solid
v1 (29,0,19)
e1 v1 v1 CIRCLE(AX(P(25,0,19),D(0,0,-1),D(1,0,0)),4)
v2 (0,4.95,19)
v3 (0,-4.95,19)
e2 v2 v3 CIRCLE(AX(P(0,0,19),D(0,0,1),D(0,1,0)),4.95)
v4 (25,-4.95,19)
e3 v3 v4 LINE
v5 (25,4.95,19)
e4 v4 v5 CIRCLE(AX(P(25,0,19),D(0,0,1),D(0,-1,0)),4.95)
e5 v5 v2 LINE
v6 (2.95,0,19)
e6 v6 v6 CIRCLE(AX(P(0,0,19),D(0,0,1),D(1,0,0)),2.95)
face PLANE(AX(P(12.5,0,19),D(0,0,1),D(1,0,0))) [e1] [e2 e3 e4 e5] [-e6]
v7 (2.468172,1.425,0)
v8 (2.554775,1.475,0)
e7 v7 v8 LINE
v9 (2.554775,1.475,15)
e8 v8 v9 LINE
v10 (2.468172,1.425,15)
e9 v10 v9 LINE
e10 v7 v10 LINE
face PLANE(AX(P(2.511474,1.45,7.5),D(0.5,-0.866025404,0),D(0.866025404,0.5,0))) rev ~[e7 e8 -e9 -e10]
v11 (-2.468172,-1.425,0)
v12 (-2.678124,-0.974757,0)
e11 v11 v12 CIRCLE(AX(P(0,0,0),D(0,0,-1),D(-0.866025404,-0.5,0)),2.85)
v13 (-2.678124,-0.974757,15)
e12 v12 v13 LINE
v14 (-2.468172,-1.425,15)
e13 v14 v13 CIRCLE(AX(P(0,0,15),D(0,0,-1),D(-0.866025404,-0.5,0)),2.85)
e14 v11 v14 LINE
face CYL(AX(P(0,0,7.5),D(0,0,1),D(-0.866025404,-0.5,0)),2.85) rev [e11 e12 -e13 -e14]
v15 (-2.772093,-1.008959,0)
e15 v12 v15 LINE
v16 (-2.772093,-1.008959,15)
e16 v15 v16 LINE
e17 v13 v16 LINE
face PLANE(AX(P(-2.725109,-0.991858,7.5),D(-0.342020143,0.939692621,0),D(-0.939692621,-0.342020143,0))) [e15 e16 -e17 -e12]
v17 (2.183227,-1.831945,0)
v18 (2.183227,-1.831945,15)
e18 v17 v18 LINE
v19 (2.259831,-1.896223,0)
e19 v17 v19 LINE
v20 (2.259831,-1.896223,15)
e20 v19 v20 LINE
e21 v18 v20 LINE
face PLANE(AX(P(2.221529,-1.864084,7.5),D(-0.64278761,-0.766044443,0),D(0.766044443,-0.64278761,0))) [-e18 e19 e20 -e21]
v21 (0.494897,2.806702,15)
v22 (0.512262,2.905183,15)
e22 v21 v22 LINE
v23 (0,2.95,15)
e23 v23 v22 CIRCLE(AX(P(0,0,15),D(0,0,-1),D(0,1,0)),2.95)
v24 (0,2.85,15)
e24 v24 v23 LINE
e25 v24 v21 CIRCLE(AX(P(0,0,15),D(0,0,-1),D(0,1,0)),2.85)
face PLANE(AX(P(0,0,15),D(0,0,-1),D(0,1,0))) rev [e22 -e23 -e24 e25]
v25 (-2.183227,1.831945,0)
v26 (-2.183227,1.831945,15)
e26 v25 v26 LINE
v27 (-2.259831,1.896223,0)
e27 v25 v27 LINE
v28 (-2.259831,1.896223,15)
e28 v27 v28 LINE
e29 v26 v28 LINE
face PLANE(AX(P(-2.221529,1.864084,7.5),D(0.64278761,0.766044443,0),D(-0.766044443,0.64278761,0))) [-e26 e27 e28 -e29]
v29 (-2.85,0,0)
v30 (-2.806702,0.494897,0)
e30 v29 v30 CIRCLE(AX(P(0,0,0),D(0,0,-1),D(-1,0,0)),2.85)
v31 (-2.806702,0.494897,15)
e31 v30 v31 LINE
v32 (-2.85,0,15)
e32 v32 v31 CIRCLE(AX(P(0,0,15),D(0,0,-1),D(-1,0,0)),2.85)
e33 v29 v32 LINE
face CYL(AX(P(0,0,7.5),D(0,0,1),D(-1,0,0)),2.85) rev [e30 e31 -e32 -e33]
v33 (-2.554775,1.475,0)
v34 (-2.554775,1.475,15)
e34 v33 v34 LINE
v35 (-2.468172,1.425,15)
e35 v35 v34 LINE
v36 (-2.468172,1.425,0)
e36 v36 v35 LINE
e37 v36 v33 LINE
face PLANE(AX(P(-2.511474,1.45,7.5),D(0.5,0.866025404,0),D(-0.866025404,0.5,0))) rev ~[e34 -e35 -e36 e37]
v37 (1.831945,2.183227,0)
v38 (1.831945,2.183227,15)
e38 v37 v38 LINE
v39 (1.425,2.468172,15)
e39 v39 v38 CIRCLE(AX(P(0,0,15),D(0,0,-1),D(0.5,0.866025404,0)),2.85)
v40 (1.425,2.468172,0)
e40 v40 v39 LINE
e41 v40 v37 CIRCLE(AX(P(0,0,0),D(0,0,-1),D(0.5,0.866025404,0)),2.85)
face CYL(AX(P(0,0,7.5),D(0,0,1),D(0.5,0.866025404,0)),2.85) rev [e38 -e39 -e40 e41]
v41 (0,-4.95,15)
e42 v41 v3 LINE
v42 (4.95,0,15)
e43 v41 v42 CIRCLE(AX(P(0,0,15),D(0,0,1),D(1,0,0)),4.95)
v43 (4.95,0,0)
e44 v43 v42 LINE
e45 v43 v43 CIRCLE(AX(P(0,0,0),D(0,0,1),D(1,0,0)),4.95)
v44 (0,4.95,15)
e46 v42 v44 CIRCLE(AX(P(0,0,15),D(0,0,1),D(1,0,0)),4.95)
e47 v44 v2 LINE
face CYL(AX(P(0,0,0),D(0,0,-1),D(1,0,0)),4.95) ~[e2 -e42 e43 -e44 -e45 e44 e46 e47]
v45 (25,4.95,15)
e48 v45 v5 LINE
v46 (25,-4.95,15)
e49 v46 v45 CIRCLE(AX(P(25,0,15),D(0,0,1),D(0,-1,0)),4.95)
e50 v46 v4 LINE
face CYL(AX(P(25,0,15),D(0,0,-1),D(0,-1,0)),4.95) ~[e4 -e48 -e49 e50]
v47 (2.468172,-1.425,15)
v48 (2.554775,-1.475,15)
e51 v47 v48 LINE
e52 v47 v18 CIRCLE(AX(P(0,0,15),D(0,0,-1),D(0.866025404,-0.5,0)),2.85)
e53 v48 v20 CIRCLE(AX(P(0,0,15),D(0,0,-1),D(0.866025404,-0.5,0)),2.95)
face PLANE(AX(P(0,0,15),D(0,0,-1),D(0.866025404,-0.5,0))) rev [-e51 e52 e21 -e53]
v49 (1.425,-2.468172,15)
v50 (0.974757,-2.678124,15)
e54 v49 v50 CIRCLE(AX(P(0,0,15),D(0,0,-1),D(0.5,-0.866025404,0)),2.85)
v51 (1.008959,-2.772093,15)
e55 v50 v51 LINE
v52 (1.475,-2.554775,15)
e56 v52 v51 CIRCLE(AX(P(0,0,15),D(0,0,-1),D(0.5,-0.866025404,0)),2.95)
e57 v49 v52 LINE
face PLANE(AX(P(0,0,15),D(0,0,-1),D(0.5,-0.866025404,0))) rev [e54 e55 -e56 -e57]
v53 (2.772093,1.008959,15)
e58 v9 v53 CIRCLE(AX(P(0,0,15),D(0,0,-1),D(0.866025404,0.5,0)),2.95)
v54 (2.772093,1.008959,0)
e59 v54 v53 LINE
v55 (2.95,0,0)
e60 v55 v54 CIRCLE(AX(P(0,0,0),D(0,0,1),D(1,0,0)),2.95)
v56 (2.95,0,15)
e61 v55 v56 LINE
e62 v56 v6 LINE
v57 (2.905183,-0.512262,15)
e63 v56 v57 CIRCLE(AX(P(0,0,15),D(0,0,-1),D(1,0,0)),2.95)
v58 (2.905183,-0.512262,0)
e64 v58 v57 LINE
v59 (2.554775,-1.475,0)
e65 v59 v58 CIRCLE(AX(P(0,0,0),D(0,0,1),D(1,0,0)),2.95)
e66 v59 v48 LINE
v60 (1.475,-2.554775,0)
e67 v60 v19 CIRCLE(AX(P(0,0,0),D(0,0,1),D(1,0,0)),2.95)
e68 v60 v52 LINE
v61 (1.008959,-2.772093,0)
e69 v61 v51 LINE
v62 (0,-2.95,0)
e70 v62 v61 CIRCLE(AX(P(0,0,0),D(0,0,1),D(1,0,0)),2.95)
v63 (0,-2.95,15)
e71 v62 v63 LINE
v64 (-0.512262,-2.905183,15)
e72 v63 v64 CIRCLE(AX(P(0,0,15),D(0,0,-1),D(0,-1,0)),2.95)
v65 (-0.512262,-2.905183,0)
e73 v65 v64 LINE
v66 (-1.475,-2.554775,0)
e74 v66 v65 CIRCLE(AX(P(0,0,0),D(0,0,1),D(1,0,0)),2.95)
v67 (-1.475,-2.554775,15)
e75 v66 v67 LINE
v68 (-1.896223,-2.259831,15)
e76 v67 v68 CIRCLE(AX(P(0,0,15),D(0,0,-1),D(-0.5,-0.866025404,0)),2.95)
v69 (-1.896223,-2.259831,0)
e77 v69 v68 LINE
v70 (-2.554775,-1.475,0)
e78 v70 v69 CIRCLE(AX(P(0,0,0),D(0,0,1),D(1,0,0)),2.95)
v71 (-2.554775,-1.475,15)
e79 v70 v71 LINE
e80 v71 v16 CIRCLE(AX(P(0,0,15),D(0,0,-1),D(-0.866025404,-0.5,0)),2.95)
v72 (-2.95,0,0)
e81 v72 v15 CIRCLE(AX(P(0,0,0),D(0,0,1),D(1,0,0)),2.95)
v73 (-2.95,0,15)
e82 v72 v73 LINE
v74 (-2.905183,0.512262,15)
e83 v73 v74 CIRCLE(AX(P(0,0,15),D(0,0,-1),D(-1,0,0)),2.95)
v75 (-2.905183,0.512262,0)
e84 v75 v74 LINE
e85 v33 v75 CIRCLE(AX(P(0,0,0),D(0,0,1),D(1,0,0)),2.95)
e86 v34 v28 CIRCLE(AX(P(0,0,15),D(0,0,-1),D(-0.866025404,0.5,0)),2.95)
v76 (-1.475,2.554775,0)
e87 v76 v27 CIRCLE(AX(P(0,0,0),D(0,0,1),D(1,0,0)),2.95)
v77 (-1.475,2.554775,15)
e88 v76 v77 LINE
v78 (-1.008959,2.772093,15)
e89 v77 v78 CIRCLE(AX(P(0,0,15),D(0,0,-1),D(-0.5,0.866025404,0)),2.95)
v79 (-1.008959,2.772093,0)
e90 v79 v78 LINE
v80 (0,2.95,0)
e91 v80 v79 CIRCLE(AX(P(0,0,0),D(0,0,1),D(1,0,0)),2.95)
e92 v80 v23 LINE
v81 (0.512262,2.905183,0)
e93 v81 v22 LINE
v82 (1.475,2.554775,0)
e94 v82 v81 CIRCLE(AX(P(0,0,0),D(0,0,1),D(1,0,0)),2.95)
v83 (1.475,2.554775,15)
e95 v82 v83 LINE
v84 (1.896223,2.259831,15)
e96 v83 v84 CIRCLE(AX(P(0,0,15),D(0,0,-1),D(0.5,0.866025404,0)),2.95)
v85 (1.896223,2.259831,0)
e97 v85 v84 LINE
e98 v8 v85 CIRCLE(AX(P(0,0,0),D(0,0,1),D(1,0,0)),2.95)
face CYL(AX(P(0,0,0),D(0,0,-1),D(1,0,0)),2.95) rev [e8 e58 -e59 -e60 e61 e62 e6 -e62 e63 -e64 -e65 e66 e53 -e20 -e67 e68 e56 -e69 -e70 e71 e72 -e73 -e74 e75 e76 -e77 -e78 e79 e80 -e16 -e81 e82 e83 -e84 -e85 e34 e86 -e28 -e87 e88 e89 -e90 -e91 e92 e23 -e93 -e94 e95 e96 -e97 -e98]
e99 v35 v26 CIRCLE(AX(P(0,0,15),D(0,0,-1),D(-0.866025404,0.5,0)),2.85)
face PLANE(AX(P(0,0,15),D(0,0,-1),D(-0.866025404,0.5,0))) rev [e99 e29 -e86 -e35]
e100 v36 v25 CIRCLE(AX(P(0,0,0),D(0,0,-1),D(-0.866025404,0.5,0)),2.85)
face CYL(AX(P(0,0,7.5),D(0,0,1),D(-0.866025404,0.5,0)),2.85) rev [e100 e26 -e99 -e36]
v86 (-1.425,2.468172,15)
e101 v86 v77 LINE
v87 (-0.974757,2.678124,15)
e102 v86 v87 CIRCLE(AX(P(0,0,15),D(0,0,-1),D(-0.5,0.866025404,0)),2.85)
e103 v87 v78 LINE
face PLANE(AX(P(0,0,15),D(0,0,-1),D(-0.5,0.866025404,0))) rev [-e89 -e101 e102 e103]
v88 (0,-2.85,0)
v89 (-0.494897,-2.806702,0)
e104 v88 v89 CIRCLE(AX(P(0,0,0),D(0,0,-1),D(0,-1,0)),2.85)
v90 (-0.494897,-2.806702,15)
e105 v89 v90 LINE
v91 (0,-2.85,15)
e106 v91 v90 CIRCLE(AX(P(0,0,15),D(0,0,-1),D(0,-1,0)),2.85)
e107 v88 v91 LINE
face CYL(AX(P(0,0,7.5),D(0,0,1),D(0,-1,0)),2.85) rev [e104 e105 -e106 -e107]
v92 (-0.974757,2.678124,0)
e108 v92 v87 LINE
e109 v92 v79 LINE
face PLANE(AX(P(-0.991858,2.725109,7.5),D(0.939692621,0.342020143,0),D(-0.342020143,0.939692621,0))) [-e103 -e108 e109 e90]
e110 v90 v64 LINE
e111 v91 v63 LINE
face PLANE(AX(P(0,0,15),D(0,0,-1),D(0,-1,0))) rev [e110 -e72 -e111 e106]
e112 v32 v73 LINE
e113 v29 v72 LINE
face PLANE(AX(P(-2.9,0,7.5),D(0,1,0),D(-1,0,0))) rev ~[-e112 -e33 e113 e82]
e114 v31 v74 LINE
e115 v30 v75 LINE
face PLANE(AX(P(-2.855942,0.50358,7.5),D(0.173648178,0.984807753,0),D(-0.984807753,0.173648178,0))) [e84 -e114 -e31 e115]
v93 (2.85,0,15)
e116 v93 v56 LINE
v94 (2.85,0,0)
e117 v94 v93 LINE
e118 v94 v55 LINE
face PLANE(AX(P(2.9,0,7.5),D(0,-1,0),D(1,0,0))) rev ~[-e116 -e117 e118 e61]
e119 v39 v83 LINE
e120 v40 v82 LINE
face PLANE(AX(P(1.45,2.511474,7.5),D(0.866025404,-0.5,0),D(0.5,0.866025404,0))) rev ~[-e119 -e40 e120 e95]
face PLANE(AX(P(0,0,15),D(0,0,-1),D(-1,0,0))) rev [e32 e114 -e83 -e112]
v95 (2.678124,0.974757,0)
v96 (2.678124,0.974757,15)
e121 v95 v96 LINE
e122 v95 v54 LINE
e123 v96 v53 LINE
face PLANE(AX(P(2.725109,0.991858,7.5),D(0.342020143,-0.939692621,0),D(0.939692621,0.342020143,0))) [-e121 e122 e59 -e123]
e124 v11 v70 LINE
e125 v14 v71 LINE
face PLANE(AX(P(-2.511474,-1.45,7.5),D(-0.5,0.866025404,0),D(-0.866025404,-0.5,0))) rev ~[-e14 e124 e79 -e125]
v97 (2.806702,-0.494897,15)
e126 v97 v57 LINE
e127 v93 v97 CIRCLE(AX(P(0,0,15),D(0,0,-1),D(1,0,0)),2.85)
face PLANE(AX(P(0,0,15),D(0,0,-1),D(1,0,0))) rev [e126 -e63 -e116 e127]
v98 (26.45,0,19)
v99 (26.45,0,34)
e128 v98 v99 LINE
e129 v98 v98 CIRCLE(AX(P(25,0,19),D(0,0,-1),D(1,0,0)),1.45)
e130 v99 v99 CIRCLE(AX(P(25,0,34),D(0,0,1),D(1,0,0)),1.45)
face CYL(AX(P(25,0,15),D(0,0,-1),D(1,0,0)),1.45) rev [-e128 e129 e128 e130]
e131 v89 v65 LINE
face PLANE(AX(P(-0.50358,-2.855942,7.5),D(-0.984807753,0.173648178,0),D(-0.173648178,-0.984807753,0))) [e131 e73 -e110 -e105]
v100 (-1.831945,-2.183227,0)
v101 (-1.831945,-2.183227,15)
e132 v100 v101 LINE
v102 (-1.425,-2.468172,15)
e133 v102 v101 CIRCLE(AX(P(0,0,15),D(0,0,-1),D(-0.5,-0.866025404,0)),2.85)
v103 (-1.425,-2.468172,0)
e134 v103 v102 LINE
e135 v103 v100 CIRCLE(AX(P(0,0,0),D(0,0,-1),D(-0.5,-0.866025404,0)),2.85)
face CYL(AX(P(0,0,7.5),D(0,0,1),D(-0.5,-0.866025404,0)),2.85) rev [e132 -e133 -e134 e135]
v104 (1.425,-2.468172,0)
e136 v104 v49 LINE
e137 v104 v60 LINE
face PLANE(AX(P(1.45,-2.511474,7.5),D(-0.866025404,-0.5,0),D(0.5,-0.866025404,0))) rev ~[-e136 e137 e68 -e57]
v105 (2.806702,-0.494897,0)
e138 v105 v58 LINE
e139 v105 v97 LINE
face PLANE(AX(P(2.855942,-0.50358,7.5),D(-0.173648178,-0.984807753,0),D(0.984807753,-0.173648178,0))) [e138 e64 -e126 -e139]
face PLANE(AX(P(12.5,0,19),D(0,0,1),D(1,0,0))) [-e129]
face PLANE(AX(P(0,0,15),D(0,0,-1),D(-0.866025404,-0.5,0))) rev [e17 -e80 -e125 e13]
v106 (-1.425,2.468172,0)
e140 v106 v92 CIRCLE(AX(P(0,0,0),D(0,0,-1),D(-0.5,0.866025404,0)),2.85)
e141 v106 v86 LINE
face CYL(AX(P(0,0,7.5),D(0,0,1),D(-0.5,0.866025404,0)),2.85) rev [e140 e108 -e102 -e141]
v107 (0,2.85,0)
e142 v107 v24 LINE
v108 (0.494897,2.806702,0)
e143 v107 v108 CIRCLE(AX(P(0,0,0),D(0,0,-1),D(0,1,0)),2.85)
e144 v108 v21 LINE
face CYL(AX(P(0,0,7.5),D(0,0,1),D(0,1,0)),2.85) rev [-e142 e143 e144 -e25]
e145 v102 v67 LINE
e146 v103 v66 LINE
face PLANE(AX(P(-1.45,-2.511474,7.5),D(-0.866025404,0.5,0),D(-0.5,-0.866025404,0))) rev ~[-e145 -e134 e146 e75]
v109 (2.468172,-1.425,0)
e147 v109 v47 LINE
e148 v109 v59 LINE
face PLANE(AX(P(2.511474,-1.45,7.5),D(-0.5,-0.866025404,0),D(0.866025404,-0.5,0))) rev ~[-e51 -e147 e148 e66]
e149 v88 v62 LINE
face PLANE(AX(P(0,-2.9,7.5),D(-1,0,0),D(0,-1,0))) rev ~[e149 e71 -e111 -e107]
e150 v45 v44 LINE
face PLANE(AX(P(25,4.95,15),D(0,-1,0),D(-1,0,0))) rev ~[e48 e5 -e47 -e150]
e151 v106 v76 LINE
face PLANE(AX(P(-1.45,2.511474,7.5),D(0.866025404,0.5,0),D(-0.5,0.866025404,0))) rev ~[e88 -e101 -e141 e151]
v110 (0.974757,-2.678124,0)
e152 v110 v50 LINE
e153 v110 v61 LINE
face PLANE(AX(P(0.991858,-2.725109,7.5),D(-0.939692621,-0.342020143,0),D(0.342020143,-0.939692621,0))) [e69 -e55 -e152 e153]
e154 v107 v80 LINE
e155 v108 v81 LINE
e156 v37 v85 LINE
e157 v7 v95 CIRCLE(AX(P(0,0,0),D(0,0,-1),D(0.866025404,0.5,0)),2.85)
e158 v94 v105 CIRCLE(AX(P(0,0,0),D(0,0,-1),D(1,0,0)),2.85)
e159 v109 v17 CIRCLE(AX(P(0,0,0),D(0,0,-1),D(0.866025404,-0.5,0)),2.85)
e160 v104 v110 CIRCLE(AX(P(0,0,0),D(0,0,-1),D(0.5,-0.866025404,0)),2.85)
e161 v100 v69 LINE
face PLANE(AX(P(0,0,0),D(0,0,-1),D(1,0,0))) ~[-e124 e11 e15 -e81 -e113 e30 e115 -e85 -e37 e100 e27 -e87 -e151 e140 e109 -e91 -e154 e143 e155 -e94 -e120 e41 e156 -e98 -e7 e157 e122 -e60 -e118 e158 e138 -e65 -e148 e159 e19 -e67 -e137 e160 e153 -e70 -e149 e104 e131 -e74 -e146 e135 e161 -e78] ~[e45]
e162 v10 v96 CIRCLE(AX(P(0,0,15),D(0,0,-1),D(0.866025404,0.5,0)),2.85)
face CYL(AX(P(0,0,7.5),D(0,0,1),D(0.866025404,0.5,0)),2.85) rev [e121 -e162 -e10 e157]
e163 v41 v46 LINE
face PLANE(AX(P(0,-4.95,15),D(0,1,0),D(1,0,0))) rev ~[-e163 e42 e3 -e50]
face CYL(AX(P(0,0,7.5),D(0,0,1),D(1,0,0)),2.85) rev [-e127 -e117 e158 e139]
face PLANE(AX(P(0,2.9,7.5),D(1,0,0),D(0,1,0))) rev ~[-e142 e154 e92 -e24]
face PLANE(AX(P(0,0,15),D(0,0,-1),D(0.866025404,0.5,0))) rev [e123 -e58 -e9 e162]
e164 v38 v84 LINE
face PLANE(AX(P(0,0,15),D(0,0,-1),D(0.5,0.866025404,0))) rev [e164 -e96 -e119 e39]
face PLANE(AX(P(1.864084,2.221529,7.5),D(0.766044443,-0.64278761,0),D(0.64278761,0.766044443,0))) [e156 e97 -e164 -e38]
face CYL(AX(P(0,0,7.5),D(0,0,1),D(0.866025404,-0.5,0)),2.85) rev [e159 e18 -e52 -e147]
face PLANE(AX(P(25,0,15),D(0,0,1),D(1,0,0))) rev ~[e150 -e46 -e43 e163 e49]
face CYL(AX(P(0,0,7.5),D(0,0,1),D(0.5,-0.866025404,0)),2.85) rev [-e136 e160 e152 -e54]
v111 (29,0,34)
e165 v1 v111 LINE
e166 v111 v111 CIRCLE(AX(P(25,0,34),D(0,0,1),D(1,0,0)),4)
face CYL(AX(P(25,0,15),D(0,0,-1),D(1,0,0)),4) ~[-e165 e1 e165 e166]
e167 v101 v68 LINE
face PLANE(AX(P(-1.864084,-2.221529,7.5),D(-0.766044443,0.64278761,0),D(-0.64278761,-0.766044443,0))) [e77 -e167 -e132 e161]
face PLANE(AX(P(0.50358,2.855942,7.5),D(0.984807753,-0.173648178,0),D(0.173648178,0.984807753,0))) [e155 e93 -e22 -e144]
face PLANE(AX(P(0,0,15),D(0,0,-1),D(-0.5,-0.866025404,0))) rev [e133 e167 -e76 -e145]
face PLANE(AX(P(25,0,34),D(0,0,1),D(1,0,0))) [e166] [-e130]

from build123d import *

# Parameters (mm, degrees)
SKETCH005_R        = 2.95
PAD005_DEPTH       = 4
SKETCH007_R        = 4
SKETCH007_R_2      = 1.45
PAD006_DEPTH       = 19
SKETCH016_R        = 4.95
SKETCH016_R_2      = 2.95
PAD015_DEPTH       = 15
SKETCH008_W        = 0.1
SKETCH008_H        = 15
REVOLUTION_ANGLE   = -10
POLARPATTERN_COUNT = 12


with BuildPart() as part:
    # Sketch005 → Pad005 (new body)
    with BuildSketch(Plane.XY.offset(15)):
        with BuildLine():
            ThreePointArc((0, 4.95), (-4.95, 0), (0, -4.95))
            Line((0, -4.95), (25, -4.95))
            ThreePointArc((25, -4.95), (29.95, 0), (25, 4.95))
            Line((25, 4.95), (0, 4.95))
        make_face()
        Circle(SKETCH005_R, mode=Mode.SUBTRACT)
    extrude(amount=PAD005_DEPTH)

    # Sketch007 → Pad006 (join)
    with BuildSketch(Plane.XY.offset(15)):
        with Locations((25, 0)):
            Circle(SKETCH007_R)
        with Locations((25, 0)):
            Circle(SKETCH007_R_2, mode=Mode.SUBTRACT)
    extrude(amount=PAD006_DEPTH)

    # Sketch016 → Pad015 (join)
    with BuildSketch(Plane.XY):
        Circle(SKETCH016_R)
        Circle(SKETCH016_R_2, mode=Mode.SUBTRACT)
    extrude(amount=PAD015_DEPTH)

    # Sketch008 → Revolution (revolve)
    with BuildSketch(Plane.XZ):
        with Locations((2.9, 7.5)):
            Rectangle(SKETCH008_W, SKETCH008_H)
    revolution = revolve(axis=Axis((0, 0, 0), (0, 0, 1)), revolution_arc=REVOLUTION_ANGLE)

    # PolarPattern: Revolution ×12 about axis
    polarpattern_axis = Axis((0, 0, 0), (0, 0, 1))
    for i in range(1, POLARPATTERN_COUNT):
        add(revolution.rotate(polarpattern_axis, i * 360 / POLARPATTERN_COUNT))


solid = part.part
